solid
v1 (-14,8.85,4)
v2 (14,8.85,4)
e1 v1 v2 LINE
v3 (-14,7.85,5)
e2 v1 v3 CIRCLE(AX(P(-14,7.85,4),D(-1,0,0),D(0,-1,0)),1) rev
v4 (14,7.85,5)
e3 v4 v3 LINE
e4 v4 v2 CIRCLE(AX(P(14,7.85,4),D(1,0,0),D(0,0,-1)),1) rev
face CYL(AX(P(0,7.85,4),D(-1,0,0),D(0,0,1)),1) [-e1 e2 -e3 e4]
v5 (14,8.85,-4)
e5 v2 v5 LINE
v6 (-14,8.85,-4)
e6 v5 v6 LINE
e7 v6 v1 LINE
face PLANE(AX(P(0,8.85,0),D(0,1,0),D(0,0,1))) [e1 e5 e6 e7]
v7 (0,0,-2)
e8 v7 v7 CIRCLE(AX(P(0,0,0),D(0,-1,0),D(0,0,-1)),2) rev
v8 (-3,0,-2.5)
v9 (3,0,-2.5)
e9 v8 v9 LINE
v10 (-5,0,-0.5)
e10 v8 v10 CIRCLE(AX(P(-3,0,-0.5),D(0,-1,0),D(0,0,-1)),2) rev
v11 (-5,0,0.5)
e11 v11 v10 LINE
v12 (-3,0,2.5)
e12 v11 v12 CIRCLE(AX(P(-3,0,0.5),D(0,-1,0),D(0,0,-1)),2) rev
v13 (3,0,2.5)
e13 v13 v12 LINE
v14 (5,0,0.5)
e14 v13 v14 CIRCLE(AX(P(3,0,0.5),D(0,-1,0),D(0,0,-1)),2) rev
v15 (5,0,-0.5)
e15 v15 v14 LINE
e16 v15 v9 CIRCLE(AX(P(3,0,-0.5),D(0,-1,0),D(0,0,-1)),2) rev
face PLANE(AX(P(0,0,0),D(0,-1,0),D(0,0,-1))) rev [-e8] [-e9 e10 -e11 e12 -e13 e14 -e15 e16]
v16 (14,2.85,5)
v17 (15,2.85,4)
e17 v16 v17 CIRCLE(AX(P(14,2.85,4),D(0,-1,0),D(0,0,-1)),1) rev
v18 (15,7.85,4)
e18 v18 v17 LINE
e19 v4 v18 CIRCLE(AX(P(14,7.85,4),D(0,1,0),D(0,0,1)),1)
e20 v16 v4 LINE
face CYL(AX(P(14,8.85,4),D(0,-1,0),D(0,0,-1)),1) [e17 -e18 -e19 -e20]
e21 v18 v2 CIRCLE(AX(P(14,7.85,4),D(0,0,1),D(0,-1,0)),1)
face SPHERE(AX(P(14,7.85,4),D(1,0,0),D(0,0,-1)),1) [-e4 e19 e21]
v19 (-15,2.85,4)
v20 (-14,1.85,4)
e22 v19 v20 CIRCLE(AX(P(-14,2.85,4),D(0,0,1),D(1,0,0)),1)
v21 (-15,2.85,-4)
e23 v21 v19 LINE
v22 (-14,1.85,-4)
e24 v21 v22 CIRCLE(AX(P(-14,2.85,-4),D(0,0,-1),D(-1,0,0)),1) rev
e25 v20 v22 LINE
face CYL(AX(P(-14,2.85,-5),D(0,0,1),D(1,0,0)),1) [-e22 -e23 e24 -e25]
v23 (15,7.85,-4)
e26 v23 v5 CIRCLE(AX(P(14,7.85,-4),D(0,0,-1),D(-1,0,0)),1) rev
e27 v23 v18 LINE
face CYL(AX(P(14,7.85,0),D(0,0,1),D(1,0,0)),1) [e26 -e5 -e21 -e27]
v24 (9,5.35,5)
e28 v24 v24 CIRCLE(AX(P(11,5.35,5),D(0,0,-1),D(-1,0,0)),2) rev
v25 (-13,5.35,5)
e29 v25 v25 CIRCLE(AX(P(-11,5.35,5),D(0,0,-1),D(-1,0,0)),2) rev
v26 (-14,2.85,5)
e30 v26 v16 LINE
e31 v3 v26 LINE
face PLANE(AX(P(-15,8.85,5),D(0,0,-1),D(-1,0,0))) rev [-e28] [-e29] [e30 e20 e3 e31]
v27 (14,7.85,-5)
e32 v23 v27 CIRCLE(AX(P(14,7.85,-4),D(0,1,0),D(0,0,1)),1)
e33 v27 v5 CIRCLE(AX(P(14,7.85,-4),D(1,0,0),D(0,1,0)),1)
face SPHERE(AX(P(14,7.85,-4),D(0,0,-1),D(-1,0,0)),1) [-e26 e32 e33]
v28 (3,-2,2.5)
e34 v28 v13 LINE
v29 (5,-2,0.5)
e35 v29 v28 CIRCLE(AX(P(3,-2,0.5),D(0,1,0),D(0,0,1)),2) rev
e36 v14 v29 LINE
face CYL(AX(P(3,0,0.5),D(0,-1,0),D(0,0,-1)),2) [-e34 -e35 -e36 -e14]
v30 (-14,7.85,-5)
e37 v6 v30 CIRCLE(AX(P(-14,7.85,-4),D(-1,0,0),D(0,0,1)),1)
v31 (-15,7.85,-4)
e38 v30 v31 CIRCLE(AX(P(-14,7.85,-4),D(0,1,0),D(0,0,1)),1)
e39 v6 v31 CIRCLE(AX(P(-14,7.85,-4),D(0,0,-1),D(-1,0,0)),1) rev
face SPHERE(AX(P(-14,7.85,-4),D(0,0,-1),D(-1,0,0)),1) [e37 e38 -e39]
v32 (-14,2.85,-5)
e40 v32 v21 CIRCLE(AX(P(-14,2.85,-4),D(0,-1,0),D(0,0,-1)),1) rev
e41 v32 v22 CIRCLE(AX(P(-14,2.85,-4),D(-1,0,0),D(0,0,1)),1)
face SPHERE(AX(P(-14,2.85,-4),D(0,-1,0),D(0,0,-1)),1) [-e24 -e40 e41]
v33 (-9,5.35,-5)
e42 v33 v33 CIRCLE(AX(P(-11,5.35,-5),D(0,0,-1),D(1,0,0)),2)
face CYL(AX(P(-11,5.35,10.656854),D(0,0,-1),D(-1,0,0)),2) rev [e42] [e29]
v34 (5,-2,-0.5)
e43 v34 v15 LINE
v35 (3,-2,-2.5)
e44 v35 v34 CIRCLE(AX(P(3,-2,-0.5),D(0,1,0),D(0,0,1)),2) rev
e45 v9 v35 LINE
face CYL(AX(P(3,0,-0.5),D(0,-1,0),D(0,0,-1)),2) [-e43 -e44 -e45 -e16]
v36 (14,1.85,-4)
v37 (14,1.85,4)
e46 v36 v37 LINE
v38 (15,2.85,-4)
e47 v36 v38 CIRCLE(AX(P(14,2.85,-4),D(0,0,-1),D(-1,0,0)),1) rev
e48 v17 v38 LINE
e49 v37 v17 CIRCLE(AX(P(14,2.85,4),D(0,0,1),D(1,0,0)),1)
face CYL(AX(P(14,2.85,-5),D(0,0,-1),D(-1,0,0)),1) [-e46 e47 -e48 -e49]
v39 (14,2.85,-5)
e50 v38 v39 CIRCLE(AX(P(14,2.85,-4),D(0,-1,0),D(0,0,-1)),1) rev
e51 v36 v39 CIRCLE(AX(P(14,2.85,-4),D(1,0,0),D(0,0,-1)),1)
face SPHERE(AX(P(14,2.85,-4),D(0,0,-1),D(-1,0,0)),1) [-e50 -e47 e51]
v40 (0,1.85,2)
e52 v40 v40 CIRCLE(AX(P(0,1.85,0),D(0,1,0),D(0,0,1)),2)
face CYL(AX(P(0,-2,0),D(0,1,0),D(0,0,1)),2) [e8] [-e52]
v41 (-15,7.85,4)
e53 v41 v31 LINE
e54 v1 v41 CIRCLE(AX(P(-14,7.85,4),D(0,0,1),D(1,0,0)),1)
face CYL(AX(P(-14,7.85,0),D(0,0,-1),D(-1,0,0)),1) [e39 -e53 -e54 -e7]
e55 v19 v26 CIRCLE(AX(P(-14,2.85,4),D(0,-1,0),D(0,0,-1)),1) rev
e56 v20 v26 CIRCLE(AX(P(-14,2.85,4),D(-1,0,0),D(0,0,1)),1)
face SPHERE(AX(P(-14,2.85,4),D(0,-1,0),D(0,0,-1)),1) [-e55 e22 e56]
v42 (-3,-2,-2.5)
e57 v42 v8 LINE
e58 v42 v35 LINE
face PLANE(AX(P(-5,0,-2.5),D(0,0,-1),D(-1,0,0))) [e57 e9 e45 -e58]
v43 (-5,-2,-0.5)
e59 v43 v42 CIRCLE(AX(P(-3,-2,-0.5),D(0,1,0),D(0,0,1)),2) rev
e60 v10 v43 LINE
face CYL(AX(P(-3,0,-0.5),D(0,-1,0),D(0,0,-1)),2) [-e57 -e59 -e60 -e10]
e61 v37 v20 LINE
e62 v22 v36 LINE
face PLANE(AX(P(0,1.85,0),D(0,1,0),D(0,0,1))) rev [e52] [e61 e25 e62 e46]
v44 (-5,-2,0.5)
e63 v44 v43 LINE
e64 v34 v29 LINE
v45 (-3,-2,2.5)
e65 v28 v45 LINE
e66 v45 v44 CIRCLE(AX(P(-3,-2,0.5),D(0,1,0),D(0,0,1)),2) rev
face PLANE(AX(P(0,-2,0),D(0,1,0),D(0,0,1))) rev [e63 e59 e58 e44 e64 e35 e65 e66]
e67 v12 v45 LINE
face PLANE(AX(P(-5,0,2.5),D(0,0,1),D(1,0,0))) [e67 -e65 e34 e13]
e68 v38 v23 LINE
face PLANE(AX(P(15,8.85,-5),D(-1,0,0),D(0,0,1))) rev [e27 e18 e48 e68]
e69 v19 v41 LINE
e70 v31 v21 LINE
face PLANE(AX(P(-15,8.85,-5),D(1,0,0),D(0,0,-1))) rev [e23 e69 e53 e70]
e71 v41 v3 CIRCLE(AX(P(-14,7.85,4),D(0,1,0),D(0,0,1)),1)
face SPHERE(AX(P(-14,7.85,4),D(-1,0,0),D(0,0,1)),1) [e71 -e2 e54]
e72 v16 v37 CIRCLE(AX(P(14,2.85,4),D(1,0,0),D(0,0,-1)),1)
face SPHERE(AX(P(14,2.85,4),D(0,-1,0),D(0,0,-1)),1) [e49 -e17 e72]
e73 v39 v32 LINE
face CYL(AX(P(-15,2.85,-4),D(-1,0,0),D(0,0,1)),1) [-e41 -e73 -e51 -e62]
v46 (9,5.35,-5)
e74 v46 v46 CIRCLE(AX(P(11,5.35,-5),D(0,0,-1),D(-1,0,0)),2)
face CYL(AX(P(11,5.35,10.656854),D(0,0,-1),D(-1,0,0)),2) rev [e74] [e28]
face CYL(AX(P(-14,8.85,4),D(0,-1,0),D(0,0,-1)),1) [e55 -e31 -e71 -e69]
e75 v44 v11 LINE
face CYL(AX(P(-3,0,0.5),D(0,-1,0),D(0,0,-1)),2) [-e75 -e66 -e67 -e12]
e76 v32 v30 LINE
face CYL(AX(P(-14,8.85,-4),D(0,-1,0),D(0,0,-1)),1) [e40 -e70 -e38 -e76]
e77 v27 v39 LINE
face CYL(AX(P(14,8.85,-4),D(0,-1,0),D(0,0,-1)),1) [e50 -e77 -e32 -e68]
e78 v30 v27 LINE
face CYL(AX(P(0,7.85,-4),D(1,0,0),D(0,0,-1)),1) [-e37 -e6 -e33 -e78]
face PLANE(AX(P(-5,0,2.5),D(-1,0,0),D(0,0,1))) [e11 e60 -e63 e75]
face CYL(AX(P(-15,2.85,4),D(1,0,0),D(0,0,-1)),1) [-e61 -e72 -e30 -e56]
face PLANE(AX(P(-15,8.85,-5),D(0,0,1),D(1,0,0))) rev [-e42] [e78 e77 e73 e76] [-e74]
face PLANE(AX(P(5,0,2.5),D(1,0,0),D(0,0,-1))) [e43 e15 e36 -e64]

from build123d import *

# Parameters (mm, degrees)
BOSS_EXTRUDE1_DEPTH      = 1.85
BOSS_EXTRUDE1_DEPTH_BACK = 2
SKETCH1_R                = 2
SKETCH3_W                = 30
SKETCH3_H                = 10
BOSS_EXTRUDE3_DEPTH      = 7
SKETCH7_W                = 10
SKETCH7_H                = 5
BOSS_EXTRUDE7_DEPTH      = 2
FILLET2_R                = 2
SKETCH9_R                = 2
CUT_EXTRUDE3_DEPTH       = 10
FILLET3_R                = 1


with BuildPart() as part:
    # Sketch1 → Boss-Extrude1 (new, two sides: drawn at the far end of the back side and taken through both)
    with BuildSketch(Plane(origin=(0, 0, 0), x_dir=(1, 0, 0), z_dir=(0, 1, 0)).offset(-BOSS_EXTRUDE1_DEPTH_BACK)):
        with Locations(Location((0, 0, 0), (0, 0, 270))):
            Circle(SKETCH1_R)
    extrude(amount=BOSS_EXTRUDE1_DEPTH + BOSS_EXTRUDE1_DEPTH_BACK)

    # Sketch3 → Boss-Extrude3 (add)
    with BuildSketch(Plane(origin=(0, 1.85, 0), x_dir=(1, 0, 0), z_dir=(0, 1, 0))):
        Rectangle(SKETCH3_W, SKETCH3_H)
    extrude(amount=BOSS_EXTRUDE3_DEPTH)

    # Sketch7 → Boss-Extrude7 (add)
    with BuildSketch(Plane.XZ.offset(2)):
        Rectangle(SKETCH7_W, SKETCH7_H)
    extrude(amount=-BOSS_EXTRUDE7_DEPTH)

    # Fillet2
    fillet2_edges = [part.edges().sort_by_distance(p)[0] for p in [
        (5, -1, 2.5),
        (5, -1, -2.5),
        (-5, -1, -2.5),
        (-5, -1, 2.5),
    ]]
    fillet(fillet2_edges, radius=FILLET2_R)

    # Sketch9 → Cut-Extrude3 (cut)
    with BuildSketch(Plane(origin=(0, 0, -5), x_dir=(-1, 0, 0), z_dir=(0, 0, -1))):
        with Locations((-11, 5.35)):
            Circle(SKETCH9_R)
        with Locations((11, 5.35)):
            Circle(SKETCH9_R)
    extrude(amount=-CUT_EXTRUDE3_DEPTH, mode=Mode.SUBTRACT)

    # Fillet3
    fillet3_edges = [part.edges().sort_by_distance(p)[0] for p in [
        (-15, 5.35, 5),
        (15, 8.85, 0),
        (0, 8.85, -5),
        (-15, 8.85, 0),
        (0, 8.85, 5),
        (15, 1.85, 0),
        (15, 5.35, 5),
        (0, 1.85, -5),
        (15, 5.35, -5),
        (-15, 1.85, 0),
        (-15, 5.35, -5),
        (0, 1.85, 5),
    ]]
    fillet(fillet3_edges, radius=FILLET3_R)


solid = part.part
